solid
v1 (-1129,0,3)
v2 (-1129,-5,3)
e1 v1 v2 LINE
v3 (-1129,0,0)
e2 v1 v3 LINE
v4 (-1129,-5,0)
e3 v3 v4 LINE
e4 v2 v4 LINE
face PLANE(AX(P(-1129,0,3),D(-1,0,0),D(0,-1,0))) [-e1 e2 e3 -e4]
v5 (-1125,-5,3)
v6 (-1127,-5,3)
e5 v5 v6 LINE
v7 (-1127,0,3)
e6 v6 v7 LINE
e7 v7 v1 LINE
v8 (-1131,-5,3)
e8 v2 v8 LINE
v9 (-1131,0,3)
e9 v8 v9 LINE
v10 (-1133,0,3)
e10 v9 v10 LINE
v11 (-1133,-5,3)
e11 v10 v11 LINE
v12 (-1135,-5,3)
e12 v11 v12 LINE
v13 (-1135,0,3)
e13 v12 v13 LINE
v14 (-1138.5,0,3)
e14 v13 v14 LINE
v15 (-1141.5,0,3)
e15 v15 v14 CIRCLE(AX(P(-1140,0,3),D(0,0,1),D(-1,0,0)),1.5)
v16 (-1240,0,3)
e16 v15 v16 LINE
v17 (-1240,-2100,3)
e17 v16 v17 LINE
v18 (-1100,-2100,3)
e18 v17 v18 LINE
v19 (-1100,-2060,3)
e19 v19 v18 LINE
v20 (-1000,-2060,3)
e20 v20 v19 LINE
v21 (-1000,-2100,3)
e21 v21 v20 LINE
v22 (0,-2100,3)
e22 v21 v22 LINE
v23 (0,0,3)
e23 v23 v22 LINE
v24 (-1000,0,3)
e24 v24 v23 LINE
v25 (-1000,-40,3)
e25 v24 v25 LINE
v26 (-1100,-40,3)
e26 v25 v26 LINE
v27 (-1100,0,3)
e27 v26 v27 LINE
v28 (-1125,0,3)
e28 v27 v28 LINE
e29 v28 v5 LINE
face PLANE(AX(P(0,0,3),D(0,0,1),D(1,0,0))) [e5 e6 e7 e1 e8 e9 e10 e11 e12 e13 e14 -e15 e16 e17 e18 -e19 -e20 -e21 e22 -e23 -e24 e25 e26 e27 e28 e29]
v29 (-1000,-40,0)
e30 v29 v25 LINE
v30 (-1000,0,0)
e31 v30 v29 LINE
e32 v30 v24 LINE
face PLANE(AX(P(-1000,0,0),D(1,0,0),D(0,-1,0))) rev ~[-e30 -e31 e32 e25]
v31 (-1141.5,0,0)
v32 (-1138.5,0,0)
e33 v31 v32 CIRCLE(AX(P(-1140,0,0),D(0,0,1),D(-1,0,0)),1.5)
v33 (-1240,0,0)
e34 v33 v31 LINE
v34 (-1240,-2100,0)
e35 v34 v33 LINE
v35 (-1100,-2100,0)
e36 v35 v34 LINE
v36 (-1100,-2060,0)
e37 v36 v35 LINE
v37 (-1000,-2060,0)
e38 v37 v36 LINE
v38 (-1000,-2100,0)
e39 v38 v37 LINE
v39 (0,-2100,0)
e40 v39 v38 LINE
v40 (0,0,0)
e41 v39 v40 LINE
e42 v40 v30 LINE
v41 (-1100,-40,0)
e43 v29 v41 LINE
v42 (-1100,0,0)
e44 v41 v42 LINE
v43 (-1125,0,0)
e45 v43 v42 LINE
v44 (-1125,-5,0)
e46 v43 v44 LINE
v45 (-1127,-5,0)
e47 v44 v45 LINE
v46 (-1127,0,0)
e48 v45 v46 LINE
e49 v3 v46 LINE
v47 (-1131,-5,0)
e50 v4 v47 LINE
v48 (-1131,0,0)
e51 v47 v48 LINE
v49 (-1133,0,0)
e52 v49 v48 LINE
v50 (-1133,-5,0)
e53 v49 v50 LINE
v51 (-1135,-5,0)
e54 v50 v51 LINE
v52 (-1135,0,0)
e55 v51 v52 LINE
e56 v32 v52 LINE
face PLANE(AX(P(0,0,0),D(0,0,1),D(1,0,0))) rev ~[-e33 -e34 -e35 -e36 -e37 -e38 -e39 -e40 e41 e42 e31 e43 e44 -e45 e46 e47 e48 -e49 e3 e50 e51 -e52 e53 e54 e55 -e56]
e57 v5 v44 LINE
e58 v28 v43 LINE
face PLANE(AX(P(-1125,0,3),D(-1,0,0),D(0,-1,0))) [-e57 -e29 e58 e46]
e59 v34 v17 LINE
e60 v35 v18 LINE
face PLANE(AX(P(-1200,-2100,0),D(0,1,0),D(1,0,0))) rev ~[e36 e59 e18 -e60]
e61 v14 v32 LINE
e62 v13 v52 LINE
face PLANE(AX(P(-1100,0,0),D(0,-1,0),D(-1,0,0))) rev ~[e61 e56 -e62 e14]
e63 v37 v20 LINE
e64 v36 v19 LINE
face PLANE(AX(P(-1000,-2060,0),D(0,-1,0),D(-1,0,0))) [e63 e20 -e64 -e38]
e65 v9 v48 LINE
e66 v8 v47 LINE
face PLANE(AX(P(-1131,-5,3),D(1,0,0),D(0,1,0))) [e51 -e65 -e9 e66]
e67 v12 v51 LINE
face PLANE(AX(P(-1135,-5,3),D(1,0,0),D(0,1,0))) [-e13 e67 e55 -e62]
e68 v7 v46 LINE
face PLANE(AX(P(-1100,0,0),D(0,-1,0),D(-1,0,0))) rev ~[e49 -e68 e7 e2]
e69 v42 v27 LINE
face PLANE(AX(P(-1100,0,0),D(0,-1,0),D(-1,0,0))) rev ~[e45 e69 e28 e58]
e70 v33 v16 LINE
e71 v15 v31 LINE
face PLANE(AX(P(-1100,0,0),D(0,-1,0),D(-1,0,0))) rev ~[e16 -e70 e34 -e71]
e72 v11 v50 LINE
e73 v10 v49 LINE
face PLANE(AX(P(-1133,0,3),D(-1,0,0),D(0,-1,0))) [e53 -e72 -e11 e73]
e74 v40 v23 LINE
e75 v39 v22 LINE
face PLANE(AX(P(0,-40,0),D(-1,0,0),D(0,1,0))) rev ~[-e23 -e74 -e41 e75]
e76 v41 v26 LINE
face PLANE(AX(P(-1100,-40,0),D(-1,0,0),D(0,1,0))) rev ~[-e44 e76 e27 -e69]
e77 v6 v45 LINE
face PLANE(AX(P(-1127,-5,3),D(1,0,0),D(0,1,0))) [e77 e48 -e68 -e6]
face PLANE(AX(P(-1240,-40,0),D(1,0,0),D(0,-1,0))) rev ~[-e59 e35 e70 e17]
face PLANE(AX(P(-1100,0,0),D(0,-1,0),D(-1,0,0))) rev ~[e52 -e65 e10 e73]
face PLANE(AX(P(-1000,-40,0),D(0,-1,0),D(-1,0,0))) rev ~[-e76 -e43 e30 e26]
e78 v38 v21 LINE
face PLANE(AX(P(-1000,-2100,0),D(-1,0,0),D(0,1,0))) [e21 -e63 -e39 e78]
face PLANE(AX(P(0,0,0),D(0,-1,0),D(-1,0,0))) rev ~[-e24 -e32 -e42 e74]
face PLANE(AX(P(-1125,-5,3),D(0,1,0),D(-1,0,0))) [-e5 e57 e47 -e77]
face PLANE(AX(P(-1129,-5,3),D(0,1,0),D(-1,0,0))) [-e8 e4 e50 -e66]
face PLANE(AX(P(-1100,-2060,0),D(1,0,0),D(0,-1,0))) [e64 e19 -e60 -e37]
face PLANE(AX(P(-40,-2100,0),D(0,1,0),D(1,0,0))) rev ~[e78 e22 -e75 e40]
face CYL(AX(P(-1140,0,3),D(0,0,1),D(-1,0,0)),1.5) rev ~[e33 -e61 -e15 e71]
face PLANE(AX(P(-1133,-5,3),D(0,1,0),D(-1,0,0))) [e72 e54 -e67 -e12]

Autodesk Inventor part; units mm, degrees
ref_plane "YZ Plane" through (0, 0, 0) normal (1, 0, 0) x (0, 1, 0)
ref_plane "XZ Plane" through (0, 0, 0) normal (0, 1, 0) x (-1, 0, 0)
ref_plane "XY Plane" through (0, 0, 0) normal (0, 0, 1) x (1, 0, 0)
sketch "Sketch1" plane through (0, 0, 0) normal (0, 0, 1) x (1, 0, 0)
  line L0 (0, 0) -> (-1240, 0)
  line L1 (-1240, 0) -> (-1240, -2100)
  line L2 (-1240, -2100) -> (0, -2100)
  line L3 (0, -2100) -> (0, 0)
  line L4 (0, 0) -> (-40, 0)
  line L5 (-40, 0) -> (-40, -40)
  line L6 (-40, -40) -> (0, -40)
  line L7 (0, -40) -> (0, 0)
  line L8 (0, -2100) -> (-40, -2100)
  line L9 (-40, -2100) -> (-40, -2060)
  line L10 (-40, -2060) -> (0, -2060)
  line L11 (0, -2060) -> (0, -2100)
  line L12 (-1240, 0) -> (-1200, 0)
  line L13 (-1200, 0) -> (-1200, -40)
  line L14 (-1200, -40) -> (-1240, -40)
  line L15 (-1240, -40) -> (-1240, 0)
  line L16 (-1240, -2100) -> (-1200, -2100)
  line L17 (-1200, -2100) -> (-1200, -2060)
  line L18 (-1200, -2060) -> (-1240, -2060)
  line L19 (-1240, -2060) -> (-1240, -2100)
  line L20 (-1100, -2100) -> (-1000, -2100)
  line L21 (-1000, -2100) -> (-1000, -2060)
  line L22 (-1000, -2060) -> (-1100, -2060)
  line L23 (-1100, -2060) -> (-1100, -2100)
  line L24 (-1100, 0) -> (-1000, 0)
  line L25 (-1000, 0) -> (-1000, -40)
  line L26 (-1000, -40) -> (-1100, -40)
  line L27 (-1100, -40) -> (-1100, 0)
  point P0 (0, -40)
  point P1 (-40, 0)
  point P2 (-40, -2100)
  point P3 (0, -2060)
  point P4 (-1000, -2100)
  point P5 (-1000, 0)
  dimension "d22" = 1240
  dimension "d23" = 2100
  dimension "d24" = 40
  dimension "d25" = 40
  dimension "d28" = 100
  dimension "d29" = 960
extrude "Plate1" add sketch "Sketch1" along normal blind 3 contours L3 L6 L5 L0 | L5 L6 L3 L10 L9 L2 L21 L22 L23 L17 L18 L1 L14 L13 L0 L27 L26 L25 | L3 L2 L9 L10 | L13 L14 L1 L0 | L18 L17 L2 L1
sketch "Sketch6" plane through (0, 0, 3) normal (0, 0, 1) x (1, 0, 0)
  line L0 (-1135, 0) -> (-1133, 0)
  line L1 (-1127, -5) -> (-1127, 0)
  line L2 (-1127, 0) -> (-1125, 0)
  line L3 (-1125, 0) -> (-1125, -5)
  line L4 (-1125, 0) -> (-1123, 0) construction
  line L5 (-1123, 0) -> (-1121.9884, -4.6072)
  arc A0 (-1121.9884, -4.6072) -> (-1121.0116, -4.6072) centre (-1121.5, -4.5) ccw
  line L6 (-1123, 0) -> (-1120, 0)
  line L7 (-1120, 0) -> (-1118, 0) construction
  line L8 (-1118, -5) -> (-1118, 0)
  line L9 (-1116, -5) -> (-1118, -5)
  line L10 (-1116, 0) -> (-1116, -5)
  line L11 (-1118, 0) -> (-1116, 0)
  line L12 (-1116, -2.5) -> (-1114, -2.5) construction
  line L13 (-1121.0116, -4.6072) -> (-1120, 0)
  line L14 (-1133, 0) -> (-1133, -5)
  line L15 (-1133, -5) -> (-1135, -5)
  line L16 (-1135, -5) -> (-1135, 0)
  line L17 (-1125, -5) -> (-1127, -5)
  line L18 (-1129, 0) -> (-1129, -5)
  line L19 (-1129, -5) -> (-1131, -5)
  line L20 (-1131, -5) -> (-1131, 0)
  line L21 (-1131, 0) -> (-1129, 0)
  line L22 (-1129, -2.5) -> (-1127, -2.5) construction
  line L23 (-1133, -2.5) -> (-1131, -2.5) construction
  line L24 (-1114, -5) -> (-1114, 0)
  line L25 (-1112, 0) -> (-1112, -5)
  line L26 (-1112, -5) -> (-1114, -5)
  line L27 (-1114, 0) -> (-1112, 0)
  line L28 (-1112, -2.5) -> (-1110, -2.5) construction
  line L29 (-1110, -5) -> (-1110, 0)
  line L30 (-1110, 0) -> (-1108, 0)
  line L31 (-1108, -5) -> (-1110, -5)
  arc A1 (-1141.5, 0) -> (-1138.5, 0) centre (-1140, 0) ccw
  line L32 (-1108, 0) -> (-1108, -5)
  line L33 (-1240, 0) -> (-1100, 0) projected
  line L34 (-1240, -2100) -> (-1240, 0) projected
  point P0 (0, 0)
  point P1 (-1121.5, 0)
  dimension "d38" = 2
  dimension "d39" = 5
  dimension "d40" = 0.5
  dimension "d41" = 3
  dimension "d42" = 2
  dimension "d43" = 5
  dimension "d44" = 3
  dimension "d45" = 5
  dimension "d46" = 100
extrude "Cut1" cut sketch "Sketch6" against normal blind 3 contours L2 L3 L17 L1 | L21 L18 L19 L20 | L0 L14 L15 L16 | A1 L33
equation "\"d24\" = d25"
equation "\"d40\" = 0.25 * d38"
equation "\"d47\" = Thickness"
equation "\"d2\" = Thickness"
equation "\"BendReliefWidth\" = Thickness"
equation "\"BendReliefDepth\" = 0.5 * Thickness"
equation "\"CornerReliefSize\" = 4 * Thickness"
equation "\"MinimumRemnant\" = 2 * Thickness"
equation "\"TransitionRadius\" = BendRadius"
equation "\"JacobiRadiusSize\" = BendRadius"
equation "\"GapSize\" = Thickness"
equation "\"Thickness\" = 3"
equation "\"BendRadius\" = 5"
properties part number "GnG frame 1.1 floor sheet 3" material "Stainless Steel"
